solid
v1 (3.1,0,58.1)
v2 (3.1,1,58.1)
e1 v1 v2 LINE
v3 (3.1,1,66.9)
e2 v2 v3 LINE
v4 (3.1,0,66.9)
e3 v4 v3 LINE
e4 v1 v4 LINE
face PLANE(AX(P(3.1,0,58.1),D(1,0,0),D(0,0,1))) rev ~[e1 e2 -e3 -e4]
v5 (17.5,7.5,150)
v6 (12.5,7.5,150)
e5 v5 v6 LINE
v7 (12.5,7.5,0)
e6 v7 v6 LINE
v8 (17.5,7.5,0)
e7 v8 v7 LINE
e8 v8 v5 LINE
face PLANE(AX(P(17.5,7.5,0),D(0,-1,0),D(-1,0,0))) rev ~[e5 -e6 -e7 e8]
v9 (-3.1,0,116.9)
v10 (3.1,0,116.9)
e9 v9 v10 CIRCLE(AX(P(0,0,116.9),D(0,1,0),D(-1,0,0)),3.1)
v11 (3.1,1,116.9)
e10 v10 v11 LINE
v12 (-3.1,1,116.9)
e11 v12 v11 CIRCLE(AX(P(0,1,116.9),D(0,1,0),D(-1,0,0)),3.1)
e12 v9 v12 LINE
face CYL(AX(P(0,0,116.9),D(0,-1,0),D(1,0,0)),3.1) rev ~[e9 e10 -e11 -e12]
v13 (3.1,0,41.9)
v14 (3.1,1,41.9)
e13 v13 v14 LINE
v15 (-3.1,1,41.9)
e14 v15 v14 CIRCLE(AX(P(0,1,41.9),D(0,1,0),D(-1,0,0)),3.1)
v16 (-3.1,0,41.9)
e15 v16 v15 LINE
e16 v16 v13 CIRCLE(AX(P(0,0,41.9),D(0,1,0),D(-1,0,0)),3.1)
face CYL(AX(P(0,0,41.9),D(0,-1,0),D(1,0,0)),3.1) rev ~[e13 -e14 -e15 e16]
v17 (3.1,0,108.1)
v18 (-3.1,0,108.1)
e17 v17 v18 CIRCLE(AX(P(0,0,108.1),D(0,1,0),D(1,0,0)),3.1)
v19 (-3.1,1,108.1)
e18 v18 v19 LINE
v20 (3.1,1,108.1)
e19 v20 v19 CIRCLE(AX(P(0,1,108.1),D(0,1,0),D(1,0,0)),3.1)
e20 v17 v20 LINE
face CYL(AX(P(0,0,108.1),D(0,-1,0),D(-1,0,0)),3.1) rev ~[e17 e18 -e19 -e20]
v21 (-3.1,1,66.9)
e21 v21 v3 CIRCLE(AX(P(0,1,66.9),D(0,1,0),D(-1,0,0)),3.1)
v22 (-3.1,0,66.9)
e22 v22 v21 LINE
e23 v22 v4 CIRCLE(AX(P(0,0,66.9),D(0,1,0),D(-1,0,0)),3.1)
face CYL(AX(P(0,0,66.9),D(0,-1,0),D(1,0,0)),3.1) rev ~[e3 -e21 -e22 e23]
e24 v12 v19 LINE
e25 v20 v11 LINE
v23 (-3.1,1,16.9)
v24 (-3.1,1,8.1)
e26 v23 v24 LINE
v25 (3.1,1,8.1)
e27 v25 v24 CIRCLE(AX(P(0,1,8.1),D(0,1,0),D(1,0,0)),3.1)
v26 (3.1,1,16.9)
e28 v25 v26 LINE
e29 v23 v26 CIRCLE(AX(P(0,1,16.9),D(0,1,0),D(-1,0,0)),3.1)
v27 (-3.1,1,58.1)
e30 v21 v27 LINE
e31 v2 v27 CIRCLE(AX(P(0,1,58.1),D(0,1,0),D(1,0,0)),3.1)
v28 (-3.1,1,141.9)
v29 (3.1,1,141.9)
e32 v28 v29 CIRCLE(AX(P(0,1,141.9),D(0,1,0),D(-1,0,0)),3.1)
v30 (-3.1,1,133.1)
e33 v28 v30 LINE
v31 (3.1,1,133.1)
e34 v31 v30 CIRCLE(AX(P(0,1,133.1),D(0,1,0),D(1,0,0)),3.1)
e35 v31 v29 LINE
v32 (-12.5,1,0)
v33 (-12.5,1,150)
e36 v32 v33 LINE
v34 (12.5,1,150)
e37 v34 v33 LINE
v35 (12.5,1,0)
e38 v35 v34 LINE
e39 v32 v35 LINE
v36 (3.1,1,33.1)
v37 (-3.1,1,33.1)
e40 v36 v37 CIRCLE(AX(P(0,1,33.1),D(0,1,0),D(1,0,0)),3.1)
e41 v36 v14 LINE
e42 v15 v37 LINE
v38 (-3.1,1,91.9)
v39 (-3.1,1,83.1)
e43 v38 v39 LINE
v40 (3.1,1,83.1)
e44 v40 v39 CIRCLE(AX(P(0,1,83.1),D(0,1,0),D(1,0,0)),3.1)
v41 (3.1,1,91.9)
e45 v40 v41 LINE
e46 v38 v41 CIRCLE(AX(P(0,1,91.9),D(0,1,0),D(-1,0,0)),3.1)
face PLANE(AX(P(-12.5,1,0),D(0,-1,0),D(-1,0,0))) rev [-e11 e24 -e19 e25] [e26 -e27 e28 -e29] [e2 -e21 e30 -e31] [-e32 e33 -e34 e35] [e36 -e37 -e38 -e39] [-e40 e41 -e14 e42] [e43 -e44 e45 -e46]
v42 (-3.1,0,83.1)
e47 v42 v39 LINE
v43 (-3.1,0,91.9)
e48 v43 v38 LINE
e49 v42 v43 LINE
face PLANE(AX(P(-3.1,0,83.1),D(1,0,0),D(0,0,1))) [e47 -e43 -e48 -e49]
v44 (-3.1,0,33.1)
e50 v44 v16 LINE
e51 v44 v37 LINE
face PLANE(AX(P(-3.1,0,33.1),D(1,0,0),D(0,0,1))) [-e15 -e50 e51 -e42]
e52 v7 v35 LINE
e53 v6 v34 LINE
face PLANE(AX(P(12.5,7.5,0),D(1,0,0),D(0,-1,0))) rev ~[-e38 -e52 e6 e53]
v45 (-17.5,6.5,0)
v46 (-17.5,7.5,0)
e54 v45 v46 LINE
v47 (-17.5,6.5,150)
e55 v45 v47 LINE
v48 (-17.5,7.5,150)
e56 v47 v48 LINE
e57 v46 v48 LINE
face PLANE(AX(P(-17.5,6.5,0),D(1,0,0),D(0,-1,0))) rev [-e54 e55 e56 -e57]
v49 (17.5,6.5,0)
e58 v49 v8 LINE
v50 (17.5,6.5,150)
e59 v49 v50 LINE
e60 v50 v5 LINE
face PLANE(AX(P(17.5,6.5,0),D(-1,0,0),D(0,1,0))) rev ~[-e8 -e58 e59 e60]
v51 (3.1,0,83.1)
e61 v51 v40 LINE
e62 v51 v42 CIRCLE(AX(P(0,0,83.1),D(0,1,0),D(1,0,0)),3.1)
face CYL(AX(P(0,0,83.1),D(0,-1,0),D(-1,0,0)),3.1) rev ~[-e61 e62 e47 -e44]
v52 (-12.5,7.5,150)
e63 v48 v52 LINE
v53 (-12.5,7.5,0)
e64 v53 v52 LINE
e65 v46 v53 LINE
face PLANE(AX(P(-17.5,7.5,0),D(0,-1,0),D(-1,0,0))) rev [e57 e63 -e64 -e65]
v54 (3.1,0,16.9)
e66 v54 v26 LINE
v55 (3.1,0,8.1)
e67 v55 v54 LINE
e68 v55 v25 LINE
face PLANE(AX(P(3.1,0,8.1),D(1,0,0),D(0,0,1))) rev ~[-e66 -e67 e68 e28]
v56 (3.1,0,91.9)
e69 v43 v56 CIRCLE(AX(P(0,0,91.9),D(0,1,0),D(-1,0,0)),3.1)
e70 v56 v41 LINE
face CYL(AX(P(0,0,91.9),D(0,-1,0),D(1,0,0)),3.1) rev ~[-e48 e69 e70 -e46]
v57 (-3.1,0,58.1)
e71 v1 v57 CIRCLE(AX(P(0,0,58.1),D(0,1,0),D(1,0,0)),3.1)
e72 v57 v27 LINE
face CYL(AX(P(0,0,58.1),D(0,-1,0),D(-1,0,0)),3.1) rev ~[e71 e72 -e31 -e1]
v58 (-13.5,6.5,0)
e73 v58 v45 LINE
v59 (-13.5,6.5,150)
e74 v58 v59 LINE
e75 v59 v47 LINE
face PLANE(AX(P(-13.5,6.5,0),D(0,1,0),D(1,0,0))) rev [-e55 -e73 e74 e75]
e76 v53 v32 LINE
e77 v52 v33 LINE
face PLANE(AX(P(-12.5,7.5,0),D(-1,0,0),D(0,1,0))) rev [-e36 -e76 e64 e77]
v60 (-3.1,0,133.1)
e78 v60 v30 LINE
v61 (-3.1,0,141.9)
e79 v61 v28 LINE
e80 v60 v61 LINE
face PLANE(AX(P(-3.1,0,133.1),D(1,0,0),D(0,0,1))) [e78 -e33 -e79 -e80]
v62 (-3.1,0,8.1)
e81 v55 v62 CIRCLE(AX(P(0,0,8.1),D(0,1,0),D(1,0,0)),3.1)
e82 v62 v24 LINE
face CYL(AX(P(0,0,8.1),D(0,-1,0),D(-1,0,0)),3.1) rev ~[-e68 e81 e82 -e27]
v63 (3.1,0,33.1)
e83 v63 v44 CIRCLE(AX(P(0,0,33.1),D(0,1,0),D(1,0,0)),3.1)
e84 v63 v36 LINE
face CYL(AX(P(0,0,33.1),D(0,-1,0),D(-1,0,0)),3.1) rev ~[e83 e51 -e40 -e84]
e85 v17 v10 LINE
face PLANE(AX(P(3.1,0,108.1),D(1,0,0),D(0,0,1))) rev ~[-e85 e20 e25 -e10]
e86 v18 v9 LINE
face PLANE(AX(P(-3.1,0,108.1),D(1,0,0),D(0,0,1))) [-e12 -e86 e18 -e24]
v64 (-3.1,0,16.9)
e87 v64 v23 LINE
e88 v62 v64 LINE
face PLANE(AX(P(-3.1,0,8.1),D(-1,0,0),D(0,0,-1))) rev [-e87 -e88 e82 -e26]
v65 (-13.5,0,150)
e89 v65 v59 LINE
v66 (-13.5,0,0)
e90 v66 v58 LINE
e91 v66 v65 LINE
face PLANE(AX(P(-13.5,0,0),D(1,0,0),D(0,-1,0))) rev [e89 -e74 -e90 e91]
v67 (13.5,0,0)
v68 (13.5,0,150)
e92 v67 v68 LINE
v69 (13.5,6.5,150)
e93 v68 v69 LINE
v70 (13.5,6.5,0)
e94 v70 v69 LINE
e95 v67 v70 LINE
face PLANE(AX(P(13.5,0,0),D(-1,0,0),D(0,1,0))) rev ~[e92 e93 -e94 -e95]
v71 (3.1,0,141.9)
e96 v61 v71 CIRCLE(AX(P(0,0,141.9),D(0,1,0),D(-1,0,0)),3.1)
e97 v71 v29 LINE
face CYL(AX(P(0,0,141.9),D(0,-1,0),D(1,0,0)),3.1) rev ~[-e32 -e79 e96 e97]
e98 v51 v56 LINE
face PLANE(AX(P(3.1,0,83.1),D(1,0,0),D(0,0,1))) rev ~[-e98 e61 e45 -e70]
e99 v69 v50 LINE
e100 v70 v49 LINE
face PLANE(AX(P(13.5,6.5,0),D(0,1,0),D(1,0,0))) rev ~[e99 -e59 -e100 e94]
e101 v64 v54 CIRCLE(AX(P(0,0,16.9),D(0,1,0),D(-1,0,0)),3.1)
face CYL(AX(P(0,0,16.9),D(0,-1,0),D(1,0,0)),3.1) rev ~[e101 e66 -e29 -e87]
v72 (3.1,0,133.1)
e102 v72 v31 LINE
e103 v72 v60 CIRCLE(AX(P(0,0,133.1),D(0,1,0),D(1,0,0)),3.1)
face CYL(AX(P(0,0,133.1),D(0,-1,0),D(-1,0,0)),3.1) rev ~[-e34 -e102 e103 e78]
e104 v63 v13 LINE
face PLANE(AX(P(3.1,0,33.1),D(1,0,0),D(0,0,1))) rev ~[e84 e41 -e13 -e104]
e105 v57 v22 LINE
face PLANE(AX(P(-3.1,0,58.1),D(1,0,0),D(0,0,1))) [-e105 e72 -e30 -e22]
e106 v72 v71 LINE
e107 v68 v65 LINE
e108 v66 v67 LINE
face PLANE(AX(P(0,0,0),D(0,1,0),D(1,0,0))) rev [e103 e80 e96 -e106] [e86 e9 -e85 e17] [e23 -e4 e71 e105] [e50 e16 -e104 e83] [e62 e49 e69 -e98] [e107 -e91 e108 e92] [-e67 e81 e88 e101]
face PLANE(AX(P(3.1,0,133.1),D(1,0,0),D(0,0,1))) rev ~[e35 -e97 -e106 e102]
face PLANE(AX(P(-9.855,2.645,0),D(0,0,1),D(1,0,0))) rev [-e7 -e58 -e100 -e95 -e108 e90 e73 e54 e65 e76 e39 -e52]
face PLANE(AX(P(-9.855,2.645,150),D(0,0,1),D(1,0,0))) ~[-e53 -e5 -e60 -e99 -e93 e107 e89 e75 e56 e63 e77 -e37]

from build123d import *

# Parameters (mm, degrees)
BOSS_EXTRUDE1_DEPTH  = 150
CUT_EXTRUDE1_DEPTH   = 152.20350525
LPATTERN1_COUNT      = 6
LPATTERN1_PITCH      = 25
MIRROR2_COPY_1_DEPTH = 152.20350525
MIRROR2_COPY_2_DEPTH = 152.20350525
MIRROR2_COPY_3_DEPTH = 152.20350525
MIRROR2_COPY_4_DEPTH = 152.20350525
MIRROR2_COPY_5_DEPTH = 152.20350525


with BuildPart() as part:
    # Sketch1 → Boss-Extrude1 (new body)
    with BuildSketch(Plane.XY):
        Polygon((0, 0), (13.5, 0), (13.5, 6.5), (17.5, 6.5), (17.5, 7.5), (12.5, 7.5), (12.5, 1), (0, 1), align=None)
    boss_extrude1 = extrude(amount=BOSS_EXTRUDE1_DEPTH)

    # Sketch2 → Cut-Extrude1 (cut, through all)
    with BuildSketch(Plane(origin=(0, 0, 0), x_dir=(1, 0, 0), z_dir=(0, 1, 0))):
        with BuildLine():
            Line((3.1, -8.1), (3.1, -16.9))
            ThreePointArc((3.1, -16.9), (0, -20), (-3.1, -16.9))
            Line((-3.1, -16.9), (-3.1, -8.1))
            ThreePointArc((-3.1, -8.1), (0, -5), (3.1, -8.1))
        make_face()
    cut_extrude1 = extrude(amount=CUT_EXTRUDE1_DEPTH, mode=Mode.SUBTRACT)

    # LPattern1: Cut-Extrude1 ×6
    with Locations(*[(0, 0, i * LPATTERN1_PITCH) for i in range(1, LPATTERN1_COUNT)]):
        add(cut_extrude1, mode=Mode.SUBTRACT)

    # Mirror2: Boss-Extrude1, Cut-Extrude1 across plane
    add(boss_extrude1.mirror(Plane(origin=(0, 0, 0), x_dir=(0, 0, 1), z_dir=(1, 0, 0))))
    add(cut_extrude1.mirror(Plane(origin=(0, 0, 0), x_dir=(0, 0, 1), z_dir=(1, 0, 0))), mode=Mode.SUBTRACT)

    # Mirror2 copy 1 sketch → Mirror2 copy 1 (cut, through all)
    with BuildSketch(Plane(origin=(0, 0, 25), x_dir=(-1, 0, 0), z_dir=(0, 1, 0))):
        with BuildLine():
            Line((3.1, 8.1), (3.1, 16.9))
            ThreePointArc((3.1, 16.9), (0, 20), (-3.1, 16.9))
            Line((-3.1, 16.9), (-3.1, 8.1))
            ThreePointArc((-3.1, 8.1), (0, 5), (3.1, 8.1))
        make_face()
    extrude(amount=MIRROR2_COPY_1_DEPTH, mode=Mode.SUBTRACT)

    # Mirror2 copy 2 sketch → Mirror2 copy 2 (cut, through all)
    with BuildSketch(Plane(origin=(0, 0, 50), x_dir=(-1, 0, 0), z_dir=(0, 1, 0))):
        with BuildLine():
            Line((3.1, 8.1), (3.1, 16.9))
            ThreePointArc((3.1, 16.9), (0, 20), (-3.1, 16.9))
            Line((-3.1, 16.9), (-3.1, 8.1))
            ThreePointArc((-3.1, 8.1), (0, 5), (3.1, 8.1))
        make_face()
    extrude(amount=MIRROR2_COPY_2_DEPTH, mode=Mode.SUBTRACT)

    # Mirror2 copy 3 sketch → Mirror2 copy 3 (cut, through all)
    with BuildSketch(Plane(origin=(0, 0, 75), x_dir=(-1, 0, 0), z_dir=(0, 1, 0))):
        with BuildLine():
            Line((3.1, 8.1), (3.1, 16.9))
            ThreePointArc((3.1, 16.9), (0, 20), (-3.1, 16.9))
            Line((-3.1, 16.9), (-3.1, 8.1))
            ThreePointArc((-3.1, 8.1), (0, 5), (3.1, 8.1))
        make_face()
    extrude(amount=MIRROR2_COPY_3_DEPTH, mode=Mode.SUBTRACT)

    # Mirror2 copy 4 sketch → Mirror2 copy 4 (cut, through all)
    with BuildSketch(Plane(origin=(0, 0, 100), x_dir=(-1, 0, 0), z_dir=(0, 1, 0))):
        with BuildLine():
            Line((3.1, 8.1), (3.1, 16.9))
            ThreePointArc((3.1, 16.9), (0, 20), (-3.1, 16.9))
            Line((-3.1, 16.9), (-3.1, 8.1))
            ThreePointArc((-3.1, 8.1), (0, 5), (3.1, 8.1))
        make_face()
    extrude(amount=MIRROR2_COPY_4_DEPTH, mode=Mode.SUBTRACT)

    # Mirror2 copy 5 sketch → Mirror2 copy 5 (cut, through all)
    with BuildSketch(Plane(origin=(0, 0, 125), x_dir=(-1, 0, 0), z_dir=(0, 1, 0))):
        with BuildLine():
            Line((3.1, 8.1), (3.1, 16.9))
            ThreePointArc((3.1, 16.9), (0, 20), (-3.1, 16.9))
            Line((-3.1, 16.9), (-3.1, 8.1))
            ThreePointArc((-3.1, 8.1), (0, 5), (3.1, 8.1))
        make_face()
    extrude(amount=MIRROR2_COPY_5_DEPTH, mode=Mode.SUBTRACT)


solid = part.part
